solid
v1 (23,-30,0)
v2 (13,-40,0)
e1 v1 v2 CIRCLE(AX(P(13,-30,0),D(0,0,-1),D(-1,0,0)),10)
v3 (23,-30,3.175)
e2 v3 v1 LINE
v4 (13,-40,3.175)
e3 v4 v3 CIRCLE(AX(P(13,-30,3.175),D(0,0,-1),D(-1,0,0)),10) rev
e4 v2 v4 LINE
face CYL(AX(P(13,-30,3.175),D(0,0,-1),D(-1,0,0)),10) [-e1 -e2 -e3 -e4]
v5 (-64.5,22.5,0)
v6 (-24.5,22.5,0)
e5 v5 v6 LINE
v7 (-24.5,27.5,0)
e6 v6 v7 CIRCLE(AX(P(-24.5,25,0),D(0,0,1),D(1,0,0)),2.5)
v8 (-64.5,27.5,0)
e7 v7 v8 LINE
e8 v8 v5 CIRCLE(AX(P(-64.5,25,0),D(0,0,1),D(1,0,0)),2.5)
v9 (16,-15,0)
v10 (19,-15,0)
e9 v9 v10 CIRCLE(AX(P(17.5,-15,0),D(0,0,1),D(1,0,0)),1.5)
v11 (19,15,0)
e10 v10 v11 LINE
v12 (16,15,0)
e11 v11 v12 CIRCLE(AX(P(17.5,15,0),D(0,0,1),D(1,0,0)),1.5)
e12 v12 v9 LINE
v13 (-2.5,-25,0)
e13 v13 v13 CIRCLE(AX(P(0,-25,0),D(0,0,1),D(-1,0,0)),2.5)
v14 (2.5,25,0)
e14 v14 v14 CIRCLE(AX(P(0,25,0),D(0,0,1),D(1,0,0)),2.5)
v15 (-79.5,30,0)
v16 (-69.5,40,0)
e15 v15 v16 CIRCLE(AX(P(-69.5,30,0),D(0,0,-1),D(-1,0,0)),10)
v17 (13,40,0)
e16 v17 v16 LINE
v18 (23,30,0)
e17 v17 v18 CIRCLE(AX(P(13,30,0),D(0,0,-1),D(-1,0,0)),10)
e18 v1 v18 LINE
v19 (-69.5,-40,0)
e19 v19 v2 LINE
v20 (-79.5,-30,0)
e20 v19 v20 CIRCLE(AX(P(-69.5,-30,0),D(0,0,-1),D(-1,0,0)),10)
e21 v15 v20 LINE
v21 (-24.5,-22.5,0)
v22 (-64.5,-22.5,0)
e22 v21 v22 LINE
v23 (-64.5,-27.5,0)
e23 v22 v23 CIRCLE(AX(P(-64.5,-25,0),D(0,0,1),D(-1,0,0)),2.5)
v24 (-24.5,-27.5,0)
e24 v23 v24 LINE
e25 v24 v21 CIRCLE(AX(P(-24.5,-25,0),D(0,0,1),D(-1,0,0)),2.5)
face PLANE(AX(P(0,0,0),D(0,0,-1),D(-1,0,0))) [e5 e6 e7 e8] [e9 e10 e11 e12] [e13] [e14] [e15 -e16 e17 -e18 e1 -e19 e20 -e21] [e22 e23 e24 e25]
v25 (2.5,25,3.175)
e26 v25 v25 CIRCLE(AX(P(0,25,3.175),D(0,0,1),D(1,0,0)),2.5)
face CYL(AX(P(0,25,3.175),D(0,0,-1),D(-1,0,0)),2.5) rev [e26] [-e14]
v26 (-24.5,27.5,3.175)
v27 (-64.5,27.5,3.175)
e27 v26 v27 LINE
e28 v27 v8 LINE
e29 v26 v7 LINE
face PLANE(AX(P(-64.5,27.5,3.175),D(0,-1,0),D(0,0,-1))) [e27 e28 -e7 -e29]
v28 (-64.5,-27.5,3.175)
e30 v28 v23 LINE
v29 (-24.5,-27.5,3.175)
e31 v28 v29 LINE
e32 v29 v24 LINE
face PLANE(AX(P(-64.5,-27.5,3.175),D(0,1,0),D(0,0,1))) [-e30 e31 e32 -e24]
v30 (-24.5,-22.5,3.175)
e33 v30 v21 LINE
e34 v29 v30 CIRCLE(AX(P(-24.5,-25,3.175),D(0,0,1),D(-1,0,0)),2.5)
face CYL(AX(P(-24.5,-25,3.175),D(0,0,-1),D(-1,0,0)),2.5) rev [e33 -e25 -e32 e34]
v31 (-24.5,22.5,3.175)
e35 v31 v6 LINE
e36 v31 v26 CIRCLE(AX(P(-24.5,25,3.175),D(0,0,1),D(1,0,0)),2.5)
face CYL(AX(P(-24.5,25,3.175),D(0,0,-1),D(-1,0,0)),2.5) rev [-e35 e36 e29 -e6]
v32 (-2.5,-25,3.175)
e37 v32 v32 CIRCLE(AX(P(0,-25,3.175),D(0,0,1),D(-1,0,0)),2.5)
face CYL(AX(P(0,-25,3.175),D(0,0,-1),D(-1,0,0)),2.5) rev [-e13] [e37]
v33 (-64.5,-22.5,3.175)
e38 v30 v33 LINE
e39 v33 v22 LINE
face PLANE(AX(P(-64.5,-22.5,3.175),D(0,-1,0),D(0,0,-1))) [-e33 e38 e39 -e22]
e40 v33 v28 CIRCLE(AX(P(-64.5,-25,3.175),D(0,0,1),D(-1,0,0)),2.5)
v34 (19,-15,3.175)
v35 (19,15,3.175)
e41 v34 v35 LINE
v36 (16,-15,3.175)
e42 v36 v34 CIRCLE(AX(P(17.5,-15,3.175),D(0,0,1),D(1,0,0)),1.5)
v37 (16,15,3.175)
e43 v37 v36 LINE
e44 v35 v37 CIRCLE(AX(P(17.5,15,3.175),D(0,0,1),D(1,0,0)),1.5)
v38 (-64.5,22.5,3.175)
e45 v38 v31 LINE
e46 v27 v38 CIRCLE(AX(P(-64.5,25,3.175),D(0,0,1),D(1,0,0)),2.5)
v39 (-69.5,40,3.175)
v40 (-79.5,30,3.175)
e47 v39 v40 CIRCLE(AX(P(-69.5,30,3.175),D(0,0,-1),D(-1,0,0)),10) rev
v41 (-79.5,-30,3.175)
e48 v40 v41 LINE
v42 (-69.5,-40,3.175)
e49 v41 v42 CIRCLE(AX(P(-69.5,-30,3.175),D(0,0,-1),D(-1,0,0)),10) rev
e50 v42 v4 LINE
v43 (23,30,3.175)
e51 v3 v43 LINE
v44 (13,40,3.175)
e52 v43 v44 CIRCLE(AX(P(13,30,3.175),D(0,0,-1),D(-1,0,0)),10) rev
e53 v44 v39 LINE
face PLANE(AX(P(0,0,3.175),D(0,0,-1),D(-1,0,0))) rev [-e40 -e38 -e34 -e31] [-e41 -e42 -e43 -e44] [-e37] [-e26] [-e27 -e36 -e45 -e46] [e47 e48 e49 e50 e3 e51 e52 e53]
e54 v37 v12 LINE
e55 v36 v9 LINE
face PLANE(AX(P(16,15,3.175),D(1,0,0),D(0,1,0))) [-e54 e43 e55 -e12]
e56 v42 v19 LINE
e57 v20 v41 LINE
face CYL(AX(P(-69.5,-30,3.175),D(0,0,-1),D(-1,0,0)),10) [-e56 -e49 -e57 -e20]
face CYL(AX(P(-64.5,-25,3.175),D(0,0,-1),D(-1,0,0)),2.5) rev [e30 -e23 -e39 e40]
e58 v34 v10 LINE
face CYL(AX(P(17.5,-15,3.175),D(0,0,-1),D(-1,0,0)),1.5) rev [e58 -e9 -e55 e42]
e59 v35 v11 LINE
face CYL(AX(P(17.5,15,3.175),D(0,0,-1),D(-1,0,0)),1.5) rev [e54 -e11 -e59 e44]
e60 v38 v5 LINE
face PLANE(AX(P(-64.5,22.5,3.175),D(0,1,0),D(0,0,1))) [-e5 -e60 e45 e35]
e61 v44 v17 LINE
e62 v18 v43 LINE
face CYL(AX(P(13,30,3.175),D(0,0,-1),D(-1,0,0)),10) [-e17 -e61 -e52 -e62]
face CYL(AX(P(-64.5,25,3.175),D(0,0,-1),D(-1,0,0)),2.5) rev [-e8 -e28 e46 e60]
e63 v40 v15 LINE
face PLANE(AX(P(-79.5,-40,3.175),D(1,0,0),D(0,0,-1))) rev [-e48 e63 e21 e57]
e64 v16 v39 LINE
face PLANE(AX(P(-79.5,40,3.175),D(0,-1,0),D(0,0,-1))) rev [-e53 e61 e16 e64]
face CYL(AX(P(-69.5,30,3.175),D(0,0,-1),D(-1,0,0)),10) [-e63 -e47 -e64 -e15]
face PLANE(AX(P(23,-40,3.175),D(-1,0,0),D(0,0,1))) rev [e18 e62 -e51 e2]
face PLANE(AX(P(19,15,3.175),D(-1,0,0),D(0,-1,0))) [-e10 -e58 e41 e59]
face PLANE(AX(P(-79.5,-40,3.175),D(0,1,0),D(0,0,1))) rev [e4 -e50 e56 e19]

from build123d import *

# Parameters (mm, degrees)
SKETCH1_W           = 102.5
SKETCH1_H           = 80
SKETCH1_R           = 2.5
BOSS_EXTRUDE1_DEPTH = 3.175
FILLET1_R           = 10


with BuildPart() as part:
    # Sketch1 → Boss-Extrude1 (new body)
    with BuildSketch(Plane.XY):
        with Locations((-28.25, 0)):
            Rectangle(SKETCH1_W, SKETCH1_H)
        with Locations((0, 25)):
            Circle(SKETCH1_R, mode=Mode.SUBTRACT)
        with Locations(Location((0, -25, 0), (0, 0, 180))):
            Circle(SKETCH1_R, mode=Mode.SUBTRACT)
        with BuildLine():
            Line((-64.5, -27.5), (-24.5, -27.5))
            ThreePointArc((-24.5, -27.5), (-22, -25), (-24.5, -22.5))
            Line((-24.5, -22.5), (-64.5, -22.5))
            ThreePointArc((-64.5, -22.5), (-67, -25), (-64.5, -27.5))
        make_face(mode=Mode.SUBTRACT)
        with BuildLine():
            Line((-64.5, 27.5), (-24.5, 27.5))
            ThreePointArc((-24.5, 27.5), (-22, 25), (-24.5, 22.5))
            Line((-24.5, 22.5), (-64.5, 22.5))
            ThreePointArc((-64.5, 22.5), (-67, 25), (-64.5, 27.5))
        make_face(mode=Mode.SUBTRACT)
        with BuildLine():
            Line((19, 15), (19, -15))
            ThreePointArc((19, -15), (17.5, -16.5), (16, -15))
            Line((16, -15), (16, 15))
            ThreePointArc((16, 15), (17.5, 16.5), (19, 15))
        make_face(mode=Mode.SUBTRACT)
    extrude(amount=BOSS_EXTRUDE1_DEPTH)

    # Fillet1
    fillet1_edges = [part.edges().sort_by_distance(p)[0] for p in [
        (23, -40, 1.5875),
        (-79.5, -40, 1.5875),
        (-79.5, 40, 1.5875),
        (23, 40, 1.5875),
    ]]
    fillet(fillet1_edges, radius=FILLET1_R)


solid = part.part
